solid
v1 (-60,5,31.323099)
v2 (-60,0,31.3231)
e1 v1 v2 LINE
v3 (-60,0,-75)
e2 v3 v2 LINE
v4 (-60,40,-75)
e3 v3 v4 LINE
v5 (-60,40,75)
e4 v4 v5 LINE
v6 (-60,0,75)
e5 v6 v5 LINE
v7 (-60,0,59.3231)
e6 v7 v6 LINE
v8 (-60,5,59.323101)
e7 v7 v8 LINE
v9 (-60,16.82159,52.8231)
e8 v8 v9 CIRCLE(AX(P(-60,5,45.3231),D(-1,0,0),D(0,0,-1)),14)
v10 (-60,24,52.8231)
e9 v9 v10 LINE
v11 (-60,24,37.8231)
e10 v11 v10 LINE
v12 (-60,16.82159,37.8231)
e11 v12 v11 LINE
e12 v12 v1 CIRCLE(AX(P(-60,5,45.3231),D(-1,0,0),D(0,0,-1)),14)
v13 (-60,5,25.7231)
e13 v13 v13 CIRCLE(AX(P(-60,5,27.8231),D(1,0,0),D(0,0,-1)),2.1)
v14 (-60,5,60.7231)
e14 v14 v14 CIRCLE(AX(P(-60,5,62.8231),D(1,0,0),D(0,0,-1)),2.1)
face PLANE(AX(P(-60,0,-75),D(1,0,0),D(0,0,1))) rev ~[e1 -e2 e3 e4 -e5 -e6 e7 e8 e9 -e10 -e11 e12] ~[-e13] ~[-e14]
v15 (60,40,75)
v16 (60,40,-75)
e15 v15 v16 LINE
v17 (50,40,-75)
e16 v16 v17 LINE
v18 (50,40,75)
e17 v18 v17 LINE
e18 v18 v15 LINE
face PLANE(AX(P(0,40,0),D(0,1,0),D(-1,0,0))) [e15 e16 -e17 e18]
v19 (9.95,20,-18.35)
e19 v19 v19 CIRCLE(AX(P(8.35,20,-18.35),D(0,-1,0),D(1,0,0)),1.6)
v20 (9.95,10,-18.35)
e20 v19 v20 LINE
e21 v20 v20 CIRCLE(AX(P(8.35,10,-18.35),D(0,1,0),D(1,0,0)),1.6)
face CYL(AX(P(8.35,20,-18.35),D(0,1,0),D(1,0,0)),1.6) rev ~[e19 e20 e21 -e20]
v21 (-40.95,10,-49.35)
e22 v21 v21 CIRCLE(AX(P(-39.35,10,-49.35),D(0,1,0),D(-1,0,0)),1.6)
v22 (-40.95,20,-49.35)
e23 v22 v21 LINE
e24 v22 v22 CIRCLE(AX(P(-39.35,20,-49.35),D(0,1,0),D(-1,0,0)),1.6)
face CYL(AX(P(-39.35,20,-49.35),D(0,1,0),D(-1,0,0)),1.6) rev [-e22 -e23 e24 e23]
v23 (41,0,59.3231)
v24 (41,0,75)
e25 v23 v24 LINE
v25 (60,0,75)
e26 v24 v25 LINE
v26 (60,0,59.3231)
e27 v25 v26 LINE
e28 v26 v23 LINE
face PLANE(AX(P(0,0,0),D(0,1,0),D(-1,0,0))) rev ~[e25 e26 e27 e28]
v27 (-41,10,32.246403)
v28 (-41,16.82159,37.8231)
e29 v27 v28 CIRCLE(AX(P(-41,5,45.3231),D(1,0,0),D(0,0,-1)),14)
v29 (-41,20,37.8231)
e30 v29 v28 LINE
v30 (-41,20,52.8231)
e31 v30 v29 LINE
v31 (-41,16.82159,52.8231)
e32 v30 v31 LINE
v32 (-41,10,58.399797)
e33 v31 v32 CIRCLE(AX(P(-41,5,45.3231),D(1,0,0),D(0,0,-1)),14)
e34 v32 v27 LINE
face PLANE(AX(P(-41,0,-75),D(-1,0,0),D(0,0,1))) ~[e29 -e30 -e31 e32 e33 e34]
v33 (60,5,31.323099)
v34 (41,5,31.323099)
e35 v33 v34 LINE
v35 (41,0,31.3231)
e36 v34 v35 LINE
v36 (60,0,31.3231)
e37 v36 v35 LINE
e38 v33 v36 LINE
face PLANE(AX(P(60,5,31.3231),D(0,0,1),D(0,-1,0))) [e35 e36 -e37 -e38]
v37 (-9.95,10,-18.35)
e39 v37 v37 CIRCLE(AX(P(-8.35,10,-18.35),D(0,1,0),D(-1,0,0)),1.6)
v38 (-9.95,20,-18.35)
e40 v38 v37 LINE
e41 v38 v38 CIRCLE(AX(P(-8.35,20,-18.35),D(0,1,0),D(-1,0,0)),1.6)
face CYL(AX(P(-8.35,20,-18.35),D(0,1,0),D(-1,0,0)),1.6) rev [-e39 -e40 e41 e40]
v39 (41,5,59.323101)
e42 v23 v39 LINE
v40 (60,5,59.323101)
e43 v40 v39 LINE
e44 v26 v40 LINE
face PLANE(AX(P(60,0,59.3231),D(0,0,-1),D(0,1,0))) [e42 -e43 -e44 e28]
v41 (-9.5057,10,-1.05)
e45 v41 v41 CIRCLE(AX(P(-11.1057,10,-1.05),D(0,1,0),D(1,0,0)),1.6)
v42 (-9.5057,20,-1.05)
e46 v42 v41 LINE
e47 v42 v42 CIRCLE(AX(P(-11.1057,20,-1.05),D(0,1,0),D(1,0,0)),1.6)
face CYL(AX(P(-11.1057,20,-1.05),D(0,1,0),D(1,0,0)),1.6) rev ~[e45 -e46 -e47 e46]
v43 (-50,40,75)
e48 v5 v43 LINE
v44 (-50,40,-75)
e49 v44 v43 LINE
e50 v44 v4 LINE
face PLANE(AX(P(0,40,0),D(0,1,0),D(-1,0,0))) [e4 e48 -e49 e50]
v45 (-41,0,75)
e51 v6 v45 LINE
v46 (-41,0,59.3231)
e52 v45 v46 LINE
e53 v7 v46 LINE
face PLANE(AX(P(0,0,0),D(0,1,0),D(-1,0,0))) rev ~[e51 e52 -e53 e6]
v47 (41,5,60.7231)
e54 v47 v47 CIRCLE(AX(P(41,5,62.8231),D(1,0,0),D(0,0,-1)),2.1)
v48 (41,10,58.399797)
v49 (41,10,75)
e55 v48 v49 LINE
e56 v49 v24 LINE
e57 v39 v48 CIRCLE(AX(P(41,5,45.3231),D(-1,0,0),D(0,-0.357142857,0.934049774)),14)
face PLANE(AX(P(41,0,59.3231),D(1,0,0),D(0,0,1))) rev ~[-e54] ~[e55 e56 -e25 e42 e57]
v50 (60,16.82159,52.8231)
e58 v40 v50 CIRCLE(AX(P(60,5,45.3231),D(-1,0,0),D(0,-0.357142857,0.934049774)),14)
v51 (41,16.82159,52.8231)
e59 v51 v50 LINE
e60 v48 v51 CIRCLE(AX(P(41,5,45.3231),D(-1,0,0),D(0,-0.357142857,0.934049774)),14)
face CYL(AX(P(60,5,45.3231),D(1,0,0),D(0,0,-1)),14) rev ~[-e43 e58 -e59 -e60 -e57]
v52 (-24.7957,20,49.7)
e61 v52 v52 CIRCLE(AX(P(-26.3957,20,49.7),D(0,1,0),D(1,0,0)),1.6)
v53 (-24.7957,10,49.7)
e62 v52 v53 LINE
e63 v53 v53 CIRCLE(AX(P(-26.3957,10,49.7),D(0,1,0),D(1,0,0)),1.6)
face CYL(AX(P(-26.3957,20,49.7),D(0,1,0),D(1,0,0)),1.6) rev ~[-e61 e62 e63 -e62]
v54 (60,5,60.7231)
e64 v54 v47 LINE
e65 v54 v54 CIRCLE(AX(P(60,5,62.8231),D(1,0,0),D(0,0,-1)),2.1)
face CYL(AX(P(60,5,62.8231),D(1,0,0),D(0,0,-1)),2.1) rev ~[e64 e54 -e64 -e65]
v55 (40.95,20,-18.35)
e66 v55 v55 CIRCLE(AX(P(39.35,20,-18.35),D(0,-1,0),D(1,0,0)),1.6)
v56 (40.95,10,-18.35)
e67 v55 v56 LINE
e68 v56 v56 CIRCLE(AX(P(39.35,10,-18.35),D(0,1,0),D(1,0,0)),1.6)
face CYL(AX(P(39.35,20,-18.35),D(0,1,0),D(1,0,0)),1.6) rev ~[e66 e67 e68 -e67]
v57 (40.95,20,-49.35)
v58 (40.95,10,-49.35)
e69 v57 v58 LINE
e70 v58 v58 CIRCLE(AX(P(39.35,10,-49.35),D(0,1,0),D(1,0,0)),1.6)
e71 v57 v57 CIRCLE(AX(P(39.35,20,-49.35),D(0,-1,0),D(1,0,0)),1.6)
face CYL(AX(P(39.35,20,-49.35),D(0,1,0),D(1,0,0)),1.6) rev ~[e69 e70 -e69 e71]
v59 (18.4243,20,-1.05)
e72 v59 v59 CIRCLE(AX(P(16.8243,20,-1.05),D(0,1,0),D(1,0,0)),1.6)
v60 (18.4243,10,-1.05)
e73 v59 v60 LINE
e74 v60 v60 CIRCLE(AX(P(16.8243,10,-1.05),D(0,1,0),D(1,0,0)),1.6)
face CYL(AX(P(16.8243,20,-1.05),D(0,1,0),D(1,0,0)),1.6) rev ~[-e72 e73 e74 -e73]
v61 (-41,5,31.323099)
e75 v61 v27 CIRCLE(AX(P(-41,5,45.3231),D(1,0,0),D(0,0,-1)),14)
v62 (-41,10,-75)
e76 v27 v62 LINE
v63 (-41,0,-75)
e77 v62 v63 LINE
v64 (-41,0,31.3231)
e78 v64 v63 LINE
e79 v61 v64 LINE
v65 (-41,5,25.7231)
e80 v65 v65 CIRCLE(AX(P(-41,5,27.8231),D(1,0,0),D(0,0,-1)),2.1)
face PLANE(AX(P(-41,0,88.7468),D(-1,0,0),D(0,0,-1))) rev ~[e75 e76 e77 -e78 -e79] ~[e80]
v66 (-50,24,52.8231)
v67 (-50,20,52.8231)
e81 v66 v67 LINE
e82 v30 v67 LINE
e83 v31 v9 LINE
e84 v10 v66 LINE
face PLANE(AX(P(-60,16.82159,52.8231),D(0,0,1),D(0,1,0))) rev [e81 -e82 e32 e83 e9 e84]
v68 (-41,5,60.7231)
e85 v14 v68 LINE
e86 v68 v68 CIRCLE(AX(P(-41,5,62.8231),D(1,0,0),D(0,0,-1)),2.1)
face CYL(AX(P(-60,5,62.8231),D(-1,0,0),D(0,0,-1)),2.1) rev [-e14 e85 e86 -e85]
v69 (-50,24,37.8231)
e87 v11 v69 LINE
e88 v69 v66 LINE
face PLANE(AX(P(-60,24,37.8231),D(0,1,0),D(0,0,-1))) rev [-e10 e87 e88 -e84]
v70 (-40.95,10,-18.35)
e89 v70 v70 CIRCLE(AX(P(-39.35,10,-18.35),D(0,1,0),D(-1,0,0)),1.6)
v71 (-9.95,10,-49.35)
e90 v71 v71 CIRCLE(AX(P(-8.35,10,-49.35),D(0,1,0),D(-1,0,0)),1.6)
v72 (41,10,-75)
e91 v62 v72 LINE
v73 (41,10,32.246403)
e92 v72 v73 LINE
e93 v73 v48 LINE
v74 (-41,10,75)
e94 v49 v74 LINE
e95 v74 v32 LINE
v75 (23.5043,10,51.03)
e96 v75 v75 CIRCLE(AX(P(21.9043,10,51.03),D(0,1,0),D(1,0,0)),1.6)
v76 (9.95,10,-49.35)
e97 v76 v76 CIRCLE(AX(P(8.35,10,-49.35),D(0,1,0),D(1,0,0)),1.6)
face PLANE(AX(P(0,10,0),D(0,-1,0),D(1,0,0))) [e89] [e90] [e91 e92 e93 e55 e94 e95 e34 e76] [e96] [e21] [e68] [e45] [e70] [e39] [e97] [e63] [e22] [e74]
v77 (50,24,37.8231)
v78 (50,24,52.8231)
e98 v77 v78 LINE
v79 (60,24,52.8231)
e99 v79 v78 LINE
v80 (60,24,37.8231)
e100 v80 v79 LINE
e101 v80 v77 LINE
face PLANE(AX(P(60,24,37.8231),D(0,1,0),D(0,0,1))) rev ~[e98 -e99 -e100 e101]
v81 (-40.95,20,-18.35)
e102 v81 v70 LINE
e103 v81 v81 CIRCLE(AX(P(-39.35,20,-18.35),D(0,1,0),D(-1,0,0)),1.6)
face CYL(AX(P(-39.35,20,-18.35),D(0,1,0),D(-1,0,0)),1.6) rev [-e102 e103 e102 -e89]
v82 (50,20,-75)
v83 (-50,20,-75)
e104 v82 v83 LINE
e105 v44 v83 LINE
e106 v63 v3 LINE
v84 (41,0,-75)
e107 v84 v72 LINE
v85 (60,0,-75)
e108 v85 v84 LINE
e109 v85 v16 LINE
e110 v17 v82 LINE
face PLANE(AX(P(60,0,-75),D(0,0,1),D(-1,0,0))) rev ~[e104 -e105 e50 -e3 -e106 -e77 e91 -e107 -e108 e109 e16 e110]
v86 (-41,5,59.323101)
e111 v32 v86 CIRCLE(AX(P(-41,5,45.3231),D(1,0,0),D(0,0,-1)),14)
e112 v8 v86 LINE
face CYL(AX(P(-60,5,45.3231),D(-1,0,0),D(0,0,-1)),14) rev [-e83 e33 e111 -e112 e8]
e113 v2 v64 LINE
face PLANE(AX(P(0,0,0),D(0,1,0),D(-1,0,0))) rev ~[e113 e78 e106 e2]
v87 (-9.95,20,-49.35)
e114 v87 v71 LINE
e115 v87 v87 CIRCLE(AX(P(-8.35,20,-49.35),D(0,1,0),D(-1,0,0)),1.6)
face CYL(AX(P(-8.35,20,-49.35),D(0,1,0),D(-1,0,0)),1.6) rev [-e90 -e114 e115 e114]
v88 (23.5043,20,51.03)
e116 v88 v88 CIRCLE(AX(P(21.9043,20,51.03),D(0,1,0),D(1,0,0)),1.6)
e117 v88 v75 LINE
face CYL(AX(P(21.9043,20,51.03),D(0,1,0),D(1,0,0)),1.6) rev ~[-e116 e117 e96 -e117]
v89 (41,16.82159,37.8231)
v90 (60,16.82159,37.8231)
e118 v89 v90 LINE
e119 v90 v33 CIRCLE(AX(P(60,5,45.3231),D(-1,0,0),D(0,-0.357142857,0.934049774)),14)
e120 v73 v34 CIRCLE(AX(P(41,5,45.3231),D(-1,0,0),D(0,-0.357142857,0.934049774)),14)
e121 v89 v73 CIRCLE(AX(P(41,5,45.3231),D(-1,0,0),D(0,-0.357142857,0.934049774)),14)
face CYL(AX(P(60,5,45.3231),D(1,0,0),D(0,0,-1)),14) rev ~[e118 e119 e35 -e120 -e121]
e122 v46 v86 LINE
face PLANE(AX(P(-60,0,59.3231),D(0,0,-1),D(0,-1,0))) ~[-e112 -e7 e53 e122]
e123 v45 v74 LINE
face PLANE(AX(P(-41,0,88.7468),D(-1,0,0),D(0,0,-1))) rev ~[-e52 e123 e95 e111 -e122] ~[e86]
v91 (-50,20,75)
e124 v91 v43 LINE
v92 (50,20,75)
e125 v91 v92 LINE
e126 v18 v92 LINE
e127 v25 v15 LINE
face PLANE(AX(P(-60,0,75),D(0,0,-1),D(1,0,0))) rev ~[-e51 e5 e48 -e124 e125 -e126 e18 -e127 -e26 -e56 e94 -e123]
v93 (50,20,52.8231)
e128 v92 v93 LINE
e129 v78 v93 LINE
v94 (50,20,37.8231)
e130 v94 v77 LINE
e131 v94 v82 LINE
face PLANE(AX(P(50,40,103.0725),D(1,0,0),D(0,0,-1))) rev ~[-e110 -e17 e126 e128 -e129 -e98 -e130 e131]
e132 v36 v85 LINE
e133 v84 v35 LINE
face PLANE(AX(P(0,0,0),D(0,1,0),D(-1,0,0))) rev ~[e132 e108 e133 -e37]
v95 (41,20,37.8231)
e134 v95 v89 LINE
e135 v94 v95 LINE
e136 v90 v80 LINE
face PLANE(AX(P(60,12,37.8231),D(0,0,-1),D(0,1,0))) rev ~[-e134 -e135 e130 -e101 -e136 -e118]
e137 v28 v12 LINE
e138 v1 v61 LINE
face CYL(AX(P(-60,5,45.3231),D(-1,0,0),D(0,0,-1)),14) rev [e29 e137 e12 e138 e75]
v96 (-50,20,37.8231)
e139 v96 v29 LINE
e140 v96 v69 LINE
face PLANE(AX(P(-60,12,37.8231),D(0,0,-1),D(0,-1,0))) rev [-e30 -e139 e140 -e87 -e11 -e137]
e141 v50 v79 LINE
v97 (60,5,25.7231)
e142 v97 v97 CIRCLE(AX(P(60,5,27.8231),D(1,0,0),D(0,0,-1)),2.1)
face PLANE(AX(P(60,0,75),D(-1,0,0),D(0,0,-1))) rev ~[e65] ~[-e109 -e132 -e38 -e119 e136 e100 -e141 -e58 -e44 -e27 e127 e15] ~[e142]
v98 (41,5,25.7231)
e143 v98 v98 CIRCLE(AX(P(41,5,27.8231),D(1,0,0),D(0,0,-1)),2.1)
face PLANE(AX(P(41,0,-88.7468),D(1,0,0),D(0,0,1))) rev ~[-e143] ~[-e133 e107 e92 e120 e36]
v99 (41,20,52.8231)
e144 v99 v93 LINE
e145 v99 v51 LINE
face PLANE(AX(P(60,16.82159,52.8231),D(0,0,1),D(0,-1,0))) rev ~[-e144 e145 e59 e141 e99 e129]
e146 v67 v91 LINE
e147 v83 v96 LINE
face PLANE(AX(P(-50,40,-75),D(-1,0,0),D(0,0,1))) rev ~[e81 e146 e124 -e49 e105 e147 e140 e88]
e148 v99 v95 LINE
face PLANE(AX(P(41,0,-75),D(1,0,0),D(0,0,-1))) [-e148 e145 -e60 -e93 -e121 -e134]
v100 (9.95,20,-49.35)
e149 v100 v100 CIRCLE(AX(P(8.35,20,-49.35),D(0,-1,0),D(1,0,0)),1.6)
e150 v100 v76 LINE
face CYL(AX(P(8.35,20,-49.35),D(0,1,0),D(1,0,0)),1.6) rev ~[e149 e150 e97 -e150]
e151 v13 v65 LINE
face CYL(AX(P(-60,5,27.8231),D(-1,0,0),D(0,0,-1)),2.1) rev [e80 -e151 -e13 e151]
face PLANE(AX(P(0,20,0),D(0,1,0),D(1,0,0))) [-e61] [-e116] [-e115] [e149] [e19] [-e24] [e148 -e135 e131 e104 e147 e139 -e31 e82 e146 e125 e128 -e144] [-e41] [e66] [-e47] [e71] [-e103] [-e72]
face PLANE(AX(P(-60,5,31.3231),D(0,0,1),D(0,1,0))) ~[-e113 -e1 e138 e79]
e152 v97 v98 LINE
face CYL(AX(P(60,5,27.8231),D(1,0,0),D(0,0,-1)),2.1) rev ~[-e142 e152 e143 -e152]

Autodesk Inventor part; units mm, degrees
ref_plane "YZ Plane" through (0, 0, 0) normal (1, 0, 0) x (0, 1, 0)
ref_plane "XZ Plane" through (0, 0, 0) normal (0, 1, 0) x (-1, 0, 0)
ref_plane "XY Plane" through (0, 0, 0) normal (0, 0, 1) x (1, 0, 0)
sketch "스케치1" plane through (0, 0, 0) normal (0, 1, 0) x (-1, 0, 0)
  line L0 (60, 75) -> (-60, 75)
  line L1 (-60, 75) -> (-60, -75)
  line L2 (-60, -75) -> (60, -75)
  line L3 (60, -75) -> (60, 75)
  line L4 (60, 75) -> (-60, -75) construction
  line L5 (-60, 75) -> (60, -75) construction
  point P0 (0, 0)
  dimension "d0" = 120
  dimension "d1" = 150
extrude "돌출1" add sketch "스케치1" along normal blind 40
sketch "스케치2" plane through (0, 40, 0) normal (0, 1, 0) x (1, 0, 0)
  line L0 (60, -75) -> (60, 75) projected
  line L1 (60, 75) -> (-60, 75) projected
  line L2 (50, 102.1646) -> (-50, 102.1646)
  line L3 (-50, 102.1646) -> (-50, -103.0725)
  line L4 (-50, -103.0725) -> (50, -103.0725)
  line L5 (50, -103.0725) -> (50, 102.1646)
  line L6 (-60, 75) -> (-60, -75) projected
  point P0 (0, 0)
  point P1 (50, 75)
  point P2 (-50, 75)
  dimension "d6" = 10
  dimension "d7" = 10
extrude "돌출2" cut sketch "스케치2" against normal blind 20 contours L5 L4 L3 L1
sketch "스케치3" plane through (60, 0, 75) normal (1, 0, 0) x (0, 0, -1)
  circle A0 centre (29.6769, 5) radius 14
  circle A1 centre (120, 5) radius 14
  line L0 (150, 0) -> (150, 40) projected
  line L1 (0, 0) -> (150, 0) projected
  point P0 (75, 0)
  dimension "d10" = 28
  dimension "d12" = 28
  dimension "d13" = 30
  dimension "d16" = 5
  dimension "d30" = 5
extrude "돌출3" cut sketch "스케치3" against normal blind 19 contours A0 L1 | L1 A0
sketch "스케치4" plane through (60, 0, -75) normal (1, 0, 0) x (0, 0, -1)
  arc A0 (-107.2464, 0) -> (-133.3998, 0) centre (-120.3231, 5) ccw projected
  line L0 (-134.3231, 36.9687) -> (-106.3231, 36.9687)
  line L1 (-106.3231, 36.9687) -> (-106.3231, -26.9687)
  line L2 (-106.3231, -26.9687) -> (-134.3231, -26.9687)
  line L3 (-134.3231, -26.9687) -> (-134.3231, 36.9687)
  line L4 (-134.3231, 36.9687) -> (-106.3231, -26.9687) construction
  line L5 (-106.3231, 36.9687) -> (-134.3231, -26.9687) construction
  line L6 (-150, 0) -> (-133.3998, 0) projected
  line L7 (-107.2464, 0) -> (0, 0) projected
  point P0 (-75, 0)
  point P1 (-134.3231, 0)
  point P2 (-134.3231, 5)
  point P3 (-106.3231, 0)
  point P4 (-106.3231, 5)
  dimension "d17" = 28
extrude "돌출4" cut sketch "스케치4" against normal blind 19 contours A0 L1 L7 | A0 L6 L3
sketch "스케치5" plane through (60, 0, -75) normal (1, 0, 0) x (0, 0, -1)
  line L0 (-127.8231, 12) -> (-112.8231, 12)
  line L1 (-112.8231, 12) -> (-112.8231, 24)
  line L2 (-112.8231, 24) -> (-127.8231, 24)
  line L3 (-127.8231, 24) -> (-127.8231, 12)
  line L4 (-127.8231, 12) -> (-112.8231, 24) construction
  line L5 (-112.8231, 12) -> (-127.8231, 24) construction
  arc A0 (-106.3231, 5) -> (-134.3231, 5) centre (-120.3231, 5) ccw projected
  point P0 (-75, 0)
  point P1 (-120.3231, 18)
  point P2 (-120.3231, 10)
  dimension "d20" = 15
  dimension "d32" = 19
  dimension "d33" = 0
extrude "돌출5" cut sketch "스케치5" against normal blind 19
sketch "스케치6" plane through (60, 0, -75) normal (1, 0, 0) x (0, 0, -1)
  arc A0 (-106.3231, 5) -> (-134.3231, 5) centre (-120.3231, 5) ccw projected
  point P0 (-75, 0)
  point P1 (-127.8231, 16.8216)
sketch "스케치7" plane through (60, 0, -75) normal (1, 0, 0) x (0, 0, -1)
  circle A0 centre (-120.3231, 5) radius 17.5 construction
  circle A1 centre (-102.8231, 5) radius 2.1
  circle A2 centre (-137.8231, 5) radius 2.1
  point P0 (-75, 0)
  dimension "d34" = 35
  dimension "d35" = 4.2
  dimension "d36" = 4.2
extrude "돌출6" cut sketch "스케치7" against normal blind 19
mirror "미러1" about plane through (0, 0, 0) normal (1, 0, 0) of "돌출6", "돌출5", "돌출4", "돌출3"
sketch "스케치8" plane through (0, 0, 0) normal (0, -1, 0) x (1, 0, 0)
  line L0 (-41, -88.7468) -> (41, -88.7468)
  line L1 (41, -88.7468) -> (41, 88.7468)
  line L2 (41, 88.7468) -> (-41, 88.7468)
  line L3 (-41, 88.7468) -> (-41, -88.7468)
  line L4 (-41, -88.7468) -> (41, 88.7468) construction
  line L5 (41, -88.7468) -> (-41, 88.7468) construction
  line L6 (41, 31.3231) -> (41, 59.3231) projected
  point P0 (0, 0)
  dimension "d39" = 0
extrude "돌출7" cut sketch "스케치8" against normal blind 10
sketch "스케치9" plane through (0, 20, 0) normal (0, 1, 0) x (1, 0, 0)
  line L0 (-28.9457, -65) -> (24.4543, -65)
  line L1 (24.4543, -65) -> (24.4543, 3.6)
  line L2 (24.4543, 3.6) -> (-28.9457, 3.6)
  line L3 (-28.9457, 3.6) -> (-28.9457, -65)
  line L4 (50, -75) -> (-50, -75) projected
  circle A0 centre (-26.3957, -49.7) radius 1.6
  circle A1 centre (21.9043, -51.03) radius 1.6
  circle A2 centre (16.8243, 1.05) radius 1.6
  circle A3 centre (-11.1057, 1.05) radius 1.6
  point P0 (0, 0)
  dimension "d42" = 53.4
  dimension "d43" = 68.6
  dimension "d44" = 10
  dimension "d45" = 3.2
  dimension "d46" = 15.3
  dimension "d47" = 2.55
  dimension "d51" = 3.2
  dimension "d52" = 2.55
  dimension "d56" = 13.97
  dimension "d57" = 3.2
  dimension "d58" = 7.63
  dimension "d59" = 2.55
  dimension "d60" = 3.2
  dimension "d61" = 2.55
  dimension "d62" = 35.56
extrude "돌출8" cut sketch "스케치9" against normal through all contours A0 | A1 | A2 | A3
sketch "스케치10" plane through (0, 20, 0) normal (0, 1, 0) x (1, 0, 0)
  line L0 (50, -75) -> (-50, -75) projected
  line L1 (2.7, 12.7) -> (45, 12.7)
  line L2 (45, 12.7) -> (45, 55)
  line L3 (45, 55) -> (2.7, 55)
  line L4 (2.7, 55) -> (2.7, 12.7)
  line L5 (-50, -75) -> (-50, 75) projected
  line L6 (50, 75) -> (50, -75) projected
  line L7 (39.35, 18.35) -> (8.35, 18.35)
  line L8 (8.35, 18.35) -> (8.35, 49.35)
  line L9 (8.35, 49.35) -> (39.35, 49.35)
  line L10 (39.35, 49.35) -> (39.35, 18.35)
  line L11 (39.35, 18.35) -> (8.35, 49.35) construction
  line L12 (8.35, 18.35) -> (39.35, 49.35) construction
  line L13 (-50, 75) -> (50, 75) projected
  circle A0 centre (8.35, 49.35) radius 1.6
  circle A1 centre (8.35, 18.35) radius 1.6
  circle A2 centre (39.35, 18.35) radius 1.6
  circle A3 centre (39.35, 49.35) radius 1.6
  point P0 (0, 0)
  point P1 (23.85, 33.85)
  dimension "d68" = 42.3
  dimension "d69" = 42.3
  dimension "d71" = 5
  dimension "d72" = 31
  dimension "d73" = 31
  dimension "d75" = 21.15
  dimension "d76" = 21.15
  dimension "d77" = 20
  dimension "d79" = 3.2
  dimension "d80" = 3.2
  dimension "d81" = 3.2
  dimension "d82" = 3.2
extrude "돌출9" cut sketch "스케치10" against normal through all contours A1 L8 L7 | L7 L8 A1 | A2 L10 L7 | L7 L10 A2 | A0 L9 L8 | L8 L9 A0 | A3 L9 L10 | L10 L9 A3
mirror "미러2" about plane through (0, 0, 0) normal (1, 0, 0) of "돌출9"
properties part number "본체판(구)"
